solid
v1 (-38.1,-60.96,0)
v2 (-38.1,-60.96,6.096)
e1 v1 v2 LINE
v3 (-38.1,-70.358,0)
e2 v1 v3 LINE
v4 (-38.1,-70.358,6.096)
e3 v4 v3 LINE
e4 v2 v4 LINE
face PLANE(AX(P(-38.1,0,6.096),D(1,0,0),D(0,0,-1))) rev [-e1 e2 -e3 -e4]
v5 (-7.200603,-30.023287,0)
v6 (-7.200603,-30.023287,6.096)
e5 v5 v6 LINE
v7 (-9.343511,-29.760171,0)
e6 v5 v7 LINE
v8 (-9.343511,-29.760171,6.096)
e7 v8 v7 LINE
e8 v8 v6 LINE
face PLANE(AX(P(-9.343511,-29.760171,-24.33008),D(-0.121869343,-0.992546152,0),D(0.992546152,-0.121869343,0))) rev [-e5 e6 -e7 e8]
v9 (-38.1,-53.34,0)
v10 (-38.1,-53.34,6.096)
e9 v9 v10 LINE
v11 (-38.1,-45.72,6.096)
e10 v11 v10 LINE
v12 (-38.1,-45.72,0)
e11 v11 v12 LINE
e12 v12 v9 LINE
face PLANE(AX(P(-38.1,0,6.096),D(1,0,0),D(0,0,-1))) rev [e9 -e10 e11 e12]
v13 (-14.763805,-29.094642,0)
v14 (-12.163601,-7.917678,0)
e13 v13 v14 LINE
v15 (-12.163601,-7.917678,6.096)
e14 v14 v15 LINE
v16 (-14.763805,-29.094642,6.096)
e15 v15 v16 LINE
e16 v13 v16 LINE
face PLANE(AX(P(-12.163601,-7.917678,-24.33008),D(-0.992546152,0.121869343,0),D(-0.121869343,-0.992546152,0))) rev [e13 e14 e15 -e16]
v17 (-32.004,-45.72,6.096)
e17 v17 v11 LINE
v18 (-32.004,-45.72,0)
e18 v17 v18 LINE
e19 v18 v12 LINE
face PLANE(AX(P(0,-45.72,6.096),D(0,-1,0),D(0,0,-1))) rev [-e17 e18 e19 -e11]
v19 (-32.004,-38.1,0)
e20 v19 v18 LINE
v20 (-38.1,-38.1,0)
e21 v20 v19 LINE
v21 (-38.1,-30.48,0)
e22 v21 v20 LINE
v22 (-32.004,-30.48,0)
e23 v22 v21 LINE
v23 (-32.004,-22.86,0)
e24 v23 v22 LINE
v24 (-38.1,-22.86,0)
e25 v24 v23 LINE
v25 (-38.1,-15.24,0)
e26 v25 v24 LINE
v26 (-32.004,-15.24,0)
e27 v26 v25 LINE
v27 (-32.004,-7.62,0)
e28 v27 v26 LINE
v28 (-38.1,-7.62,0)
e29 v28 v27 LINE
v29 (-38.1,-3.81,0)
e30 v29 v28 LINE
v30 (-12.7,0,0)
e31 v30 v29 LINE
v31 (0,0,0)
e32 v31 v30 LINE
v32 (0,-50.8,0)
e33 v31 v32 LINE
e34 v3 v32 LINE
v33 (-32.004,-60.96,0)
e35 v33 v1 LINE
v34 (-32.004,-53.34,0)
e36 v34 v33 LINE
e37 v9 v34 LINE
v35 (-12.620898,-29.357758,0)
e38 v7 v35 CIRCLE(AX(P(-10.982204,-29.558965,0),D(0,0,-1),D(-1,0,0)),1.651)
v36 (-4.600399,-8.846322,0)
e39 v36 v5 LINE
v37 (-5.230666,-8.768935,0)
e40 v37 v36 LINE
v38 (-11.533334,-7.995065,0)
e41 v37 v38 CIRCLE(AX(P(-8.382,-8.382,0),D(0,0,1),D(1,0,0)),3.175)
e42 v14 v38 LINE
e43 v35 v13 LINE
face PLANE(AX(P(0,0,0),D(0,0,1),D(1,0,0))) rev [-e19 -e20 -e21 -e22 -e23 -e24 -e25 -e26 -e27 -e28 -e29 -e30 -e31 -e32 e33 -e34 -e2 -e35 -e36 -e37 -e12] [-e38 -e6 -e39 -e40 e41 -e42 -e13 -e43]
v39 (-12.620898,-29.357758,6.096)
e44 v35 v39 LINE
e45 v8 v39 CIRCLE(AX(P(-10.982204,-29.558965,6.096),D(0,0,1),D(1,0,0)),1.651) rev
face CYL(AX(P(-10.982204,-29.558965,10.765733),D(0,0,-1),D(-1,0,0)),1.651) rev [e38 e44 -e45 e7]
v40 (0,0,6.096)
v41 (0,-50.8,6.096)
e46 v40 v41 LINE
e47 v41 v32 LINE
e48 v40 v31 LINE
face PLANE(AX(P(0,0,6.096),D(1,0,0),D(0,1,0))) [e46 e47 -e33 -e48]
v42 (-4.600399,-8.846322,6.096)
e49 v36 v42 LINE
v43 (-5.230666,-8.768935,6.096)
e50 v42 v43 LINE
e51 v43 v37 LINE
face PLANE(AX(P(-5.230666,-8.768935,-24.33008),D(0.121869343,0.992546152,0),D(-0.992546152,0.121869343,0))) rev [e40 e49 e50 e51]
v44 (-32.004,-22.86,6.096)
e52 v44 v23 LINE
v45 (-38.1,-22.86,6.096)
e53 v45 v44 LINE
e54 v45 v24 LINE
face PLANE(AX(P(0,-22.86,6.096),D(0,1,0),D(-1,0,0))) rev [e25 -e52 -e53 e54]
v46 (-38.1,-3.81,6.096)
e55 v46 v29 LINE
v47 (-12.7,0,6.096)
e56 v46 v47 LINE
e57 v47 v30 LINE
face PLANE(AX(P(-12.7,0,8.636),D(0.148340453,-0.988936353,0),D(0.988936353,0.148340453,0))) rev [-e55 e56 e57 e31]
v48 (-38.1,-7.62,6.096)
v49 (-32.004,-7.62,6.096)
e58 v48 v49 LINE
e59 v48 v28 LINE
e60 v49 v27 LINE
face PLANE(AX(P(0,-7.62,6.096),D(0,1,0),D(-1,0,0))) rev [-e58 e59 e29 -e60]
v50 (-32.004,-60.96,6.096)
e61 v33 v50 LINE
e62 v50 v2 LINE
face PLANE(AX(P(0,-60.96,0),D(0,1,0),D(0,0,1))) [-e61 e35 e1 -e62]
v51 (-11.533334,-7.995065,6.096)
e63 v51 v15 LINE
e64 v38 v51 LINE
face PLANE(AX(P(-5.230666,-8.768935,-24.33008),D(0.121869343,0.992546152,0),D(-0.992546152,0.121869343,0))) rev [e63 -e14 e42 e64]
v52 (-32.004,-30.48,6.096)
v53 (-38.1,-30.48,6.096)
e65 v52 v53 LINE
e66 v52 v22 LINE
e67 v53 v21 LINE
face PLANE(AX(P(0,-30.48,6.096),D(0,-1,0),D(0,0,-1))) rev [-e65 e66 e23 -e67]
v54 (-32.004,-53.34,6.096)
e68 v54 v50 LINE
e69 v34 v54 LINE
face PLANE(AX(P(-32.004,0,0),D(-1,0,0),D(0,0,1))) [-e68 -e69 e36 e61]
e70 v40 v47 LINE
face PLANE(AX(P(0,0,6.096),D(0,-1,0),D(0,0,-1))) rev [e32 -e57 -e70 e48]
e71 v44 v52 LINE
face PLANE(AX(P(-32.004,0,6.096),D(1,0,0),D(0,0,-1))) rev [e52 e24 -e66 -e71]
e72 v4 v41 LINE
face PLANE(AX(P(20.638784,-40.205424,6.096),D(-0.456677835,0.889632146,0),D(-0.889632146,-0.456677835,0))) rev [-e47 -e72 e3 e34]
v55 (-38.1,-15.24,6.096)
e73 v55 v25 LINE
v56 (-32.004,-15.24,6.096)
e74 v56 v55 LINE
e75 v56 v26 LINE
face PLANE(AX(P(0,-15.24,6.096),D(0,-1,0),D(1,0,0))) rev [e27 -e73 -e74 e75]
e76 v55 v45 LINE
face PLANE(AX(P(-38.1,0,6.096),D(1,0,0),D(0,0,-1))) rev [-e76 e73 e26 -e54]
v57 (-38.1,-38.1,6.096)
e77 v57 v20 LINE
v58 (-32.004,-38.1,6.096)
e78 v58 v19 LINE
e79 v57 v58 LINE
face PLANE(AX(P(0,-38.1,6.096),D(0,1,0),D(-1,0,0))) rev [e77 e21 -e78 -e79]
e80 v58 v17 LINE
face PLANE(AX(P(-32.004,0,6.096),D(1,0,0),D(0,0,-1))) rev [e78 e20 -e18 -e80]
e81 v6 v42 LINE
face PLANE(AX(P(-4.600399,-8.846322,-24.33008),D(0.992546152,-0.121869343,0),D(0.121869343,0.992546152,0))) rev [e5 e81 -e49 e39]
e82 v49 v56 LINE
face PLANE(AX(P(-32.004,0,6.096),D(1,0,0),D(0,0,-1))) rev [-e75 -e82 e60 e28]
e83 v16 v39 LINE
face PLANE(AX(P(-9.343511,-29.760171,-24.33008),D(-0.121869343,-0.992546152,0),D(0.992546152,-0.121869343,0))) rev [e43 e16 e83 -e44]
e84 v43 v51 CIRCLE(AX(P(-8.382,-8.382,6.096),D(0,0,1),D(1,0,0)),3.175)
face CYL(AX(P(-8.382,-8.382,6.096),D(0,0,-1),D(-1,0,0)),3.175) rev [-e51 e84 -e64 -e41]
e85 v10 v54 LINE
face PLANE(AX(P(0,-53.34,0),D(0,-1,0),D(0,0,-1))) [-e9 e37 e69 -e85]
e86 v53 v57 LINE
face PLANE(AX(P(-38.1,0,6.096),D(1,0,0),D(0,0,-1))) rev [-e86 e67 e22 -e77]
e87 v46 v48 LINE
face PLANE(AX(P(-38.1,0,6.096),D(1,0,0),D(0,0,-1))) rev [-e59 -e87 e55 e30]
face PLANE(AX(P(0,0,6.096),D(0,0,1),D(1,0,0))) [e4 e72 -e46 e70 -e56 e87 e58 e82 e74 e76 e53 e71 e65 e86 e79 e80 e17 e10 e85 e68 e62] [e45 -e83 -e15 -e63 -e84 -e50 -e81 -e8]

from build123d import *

# Parameters (mm, degrees)
SKETCH1_R           = 3.175
BOSS_EXTRUDE1_DEPTH = 6.096
CUT_EXTRUDE1_DEPTH  = 8.636
SKETCH4_W           = 6.096
SKETCH4_H           = 7.62
CUT_EXTRUDE2_DEPTH  = 81.243500547
SKETCH5_R           = 1.651
CUT_EXTRUDE4_DEPTH  = 6.096
CUT_EXTRUDE5_DEPTH  = 6.096


with BuildPart() as part:
    # Sketch1 → Boss-Extrude1 (new body)
    with BuildSketch(Plane.XY):
        Polygon((0, 0), (-38.1, 0), (-38.1, -7.62), (-32.004, -7.62), (-32.004, -15.24), (-38.1, -15.24), (-38.1, -22.86), (-32.004, -22.86), (-32.004, -30.48), (-38.1, -30.48), (-38.1, -38.1), (-32.004, -38.1), (-32.004, -45.72), (-38.1, -45.72), (-38.1, -70.358), (0, -50.8), align=None)
        with Locations(Location((-8.382, -8.382, 0), (0, 0, 180))):
            Circle(SKETCH1_R, mode=Mode.SUBTRACT)
    extrude(amount=BOSS_EXTRUDE1_DEPTH)

    # Sketch2 → Cut-Extrude1 (cut)
    with BuildSketch(Plane(origin=(0, 0, 0), x_dir=(-1, 0, 0), z_dir=(0, 0, -1))):
        Polygon((38.1, 0), (12.7, 0), (38.1, -3.81), align=None)
    extrude(amount=-CUT_EXTRUDE1_DEPTH, mode=Mode.SUBTRACT)

    # Sketch4 → Cut-Extrude2 (cut, through all)
    with BuildSketch(Plane.XY.offset(6.096)):
        with Locations((-35.052, -57.15)):
            Rectangle(SKETCH4_W, SKETCH4_H)
    extrude(amount=-CUT_EXTRUDE2_DEPTH, mode=Mode.SUBTRACT)

    # Sketch5 → Cut-Extrude4 (cut)
    with BuildSketch(Plane(origin=(0, 0, 0), x_dir=(-1, 0, 0), z_dir=(0, 0, -1))):
        with Locations((10.982204311, -29.558964691)):
            Circle(SKETCH5_R)
    extrude(amount=-CUT_EXTRUDE4_DEPTH, mode=Mode.SUBTRACT)

    # Sketch6 → Cut-Extrude5 (cut)
    with BuildSketch(Plane.XY.offset(6.096)):
        Polygon((-5.230665969, -8.768935165), (-4.600399162, -8.846322198), (-7.200603473, -30.02328689), (-9.343510615, -29.760170977), (-12.620898007, -29.357758405), (-14.763805149, -29.094642493), (-12.163600838, -7.917677802), (-11.533334031, -7.995064835), align=None)
    extrude(amount=-CUT_EXTRUDE5_DEPTH, mode=Mode.SUBTRACT)


solid = part.part
